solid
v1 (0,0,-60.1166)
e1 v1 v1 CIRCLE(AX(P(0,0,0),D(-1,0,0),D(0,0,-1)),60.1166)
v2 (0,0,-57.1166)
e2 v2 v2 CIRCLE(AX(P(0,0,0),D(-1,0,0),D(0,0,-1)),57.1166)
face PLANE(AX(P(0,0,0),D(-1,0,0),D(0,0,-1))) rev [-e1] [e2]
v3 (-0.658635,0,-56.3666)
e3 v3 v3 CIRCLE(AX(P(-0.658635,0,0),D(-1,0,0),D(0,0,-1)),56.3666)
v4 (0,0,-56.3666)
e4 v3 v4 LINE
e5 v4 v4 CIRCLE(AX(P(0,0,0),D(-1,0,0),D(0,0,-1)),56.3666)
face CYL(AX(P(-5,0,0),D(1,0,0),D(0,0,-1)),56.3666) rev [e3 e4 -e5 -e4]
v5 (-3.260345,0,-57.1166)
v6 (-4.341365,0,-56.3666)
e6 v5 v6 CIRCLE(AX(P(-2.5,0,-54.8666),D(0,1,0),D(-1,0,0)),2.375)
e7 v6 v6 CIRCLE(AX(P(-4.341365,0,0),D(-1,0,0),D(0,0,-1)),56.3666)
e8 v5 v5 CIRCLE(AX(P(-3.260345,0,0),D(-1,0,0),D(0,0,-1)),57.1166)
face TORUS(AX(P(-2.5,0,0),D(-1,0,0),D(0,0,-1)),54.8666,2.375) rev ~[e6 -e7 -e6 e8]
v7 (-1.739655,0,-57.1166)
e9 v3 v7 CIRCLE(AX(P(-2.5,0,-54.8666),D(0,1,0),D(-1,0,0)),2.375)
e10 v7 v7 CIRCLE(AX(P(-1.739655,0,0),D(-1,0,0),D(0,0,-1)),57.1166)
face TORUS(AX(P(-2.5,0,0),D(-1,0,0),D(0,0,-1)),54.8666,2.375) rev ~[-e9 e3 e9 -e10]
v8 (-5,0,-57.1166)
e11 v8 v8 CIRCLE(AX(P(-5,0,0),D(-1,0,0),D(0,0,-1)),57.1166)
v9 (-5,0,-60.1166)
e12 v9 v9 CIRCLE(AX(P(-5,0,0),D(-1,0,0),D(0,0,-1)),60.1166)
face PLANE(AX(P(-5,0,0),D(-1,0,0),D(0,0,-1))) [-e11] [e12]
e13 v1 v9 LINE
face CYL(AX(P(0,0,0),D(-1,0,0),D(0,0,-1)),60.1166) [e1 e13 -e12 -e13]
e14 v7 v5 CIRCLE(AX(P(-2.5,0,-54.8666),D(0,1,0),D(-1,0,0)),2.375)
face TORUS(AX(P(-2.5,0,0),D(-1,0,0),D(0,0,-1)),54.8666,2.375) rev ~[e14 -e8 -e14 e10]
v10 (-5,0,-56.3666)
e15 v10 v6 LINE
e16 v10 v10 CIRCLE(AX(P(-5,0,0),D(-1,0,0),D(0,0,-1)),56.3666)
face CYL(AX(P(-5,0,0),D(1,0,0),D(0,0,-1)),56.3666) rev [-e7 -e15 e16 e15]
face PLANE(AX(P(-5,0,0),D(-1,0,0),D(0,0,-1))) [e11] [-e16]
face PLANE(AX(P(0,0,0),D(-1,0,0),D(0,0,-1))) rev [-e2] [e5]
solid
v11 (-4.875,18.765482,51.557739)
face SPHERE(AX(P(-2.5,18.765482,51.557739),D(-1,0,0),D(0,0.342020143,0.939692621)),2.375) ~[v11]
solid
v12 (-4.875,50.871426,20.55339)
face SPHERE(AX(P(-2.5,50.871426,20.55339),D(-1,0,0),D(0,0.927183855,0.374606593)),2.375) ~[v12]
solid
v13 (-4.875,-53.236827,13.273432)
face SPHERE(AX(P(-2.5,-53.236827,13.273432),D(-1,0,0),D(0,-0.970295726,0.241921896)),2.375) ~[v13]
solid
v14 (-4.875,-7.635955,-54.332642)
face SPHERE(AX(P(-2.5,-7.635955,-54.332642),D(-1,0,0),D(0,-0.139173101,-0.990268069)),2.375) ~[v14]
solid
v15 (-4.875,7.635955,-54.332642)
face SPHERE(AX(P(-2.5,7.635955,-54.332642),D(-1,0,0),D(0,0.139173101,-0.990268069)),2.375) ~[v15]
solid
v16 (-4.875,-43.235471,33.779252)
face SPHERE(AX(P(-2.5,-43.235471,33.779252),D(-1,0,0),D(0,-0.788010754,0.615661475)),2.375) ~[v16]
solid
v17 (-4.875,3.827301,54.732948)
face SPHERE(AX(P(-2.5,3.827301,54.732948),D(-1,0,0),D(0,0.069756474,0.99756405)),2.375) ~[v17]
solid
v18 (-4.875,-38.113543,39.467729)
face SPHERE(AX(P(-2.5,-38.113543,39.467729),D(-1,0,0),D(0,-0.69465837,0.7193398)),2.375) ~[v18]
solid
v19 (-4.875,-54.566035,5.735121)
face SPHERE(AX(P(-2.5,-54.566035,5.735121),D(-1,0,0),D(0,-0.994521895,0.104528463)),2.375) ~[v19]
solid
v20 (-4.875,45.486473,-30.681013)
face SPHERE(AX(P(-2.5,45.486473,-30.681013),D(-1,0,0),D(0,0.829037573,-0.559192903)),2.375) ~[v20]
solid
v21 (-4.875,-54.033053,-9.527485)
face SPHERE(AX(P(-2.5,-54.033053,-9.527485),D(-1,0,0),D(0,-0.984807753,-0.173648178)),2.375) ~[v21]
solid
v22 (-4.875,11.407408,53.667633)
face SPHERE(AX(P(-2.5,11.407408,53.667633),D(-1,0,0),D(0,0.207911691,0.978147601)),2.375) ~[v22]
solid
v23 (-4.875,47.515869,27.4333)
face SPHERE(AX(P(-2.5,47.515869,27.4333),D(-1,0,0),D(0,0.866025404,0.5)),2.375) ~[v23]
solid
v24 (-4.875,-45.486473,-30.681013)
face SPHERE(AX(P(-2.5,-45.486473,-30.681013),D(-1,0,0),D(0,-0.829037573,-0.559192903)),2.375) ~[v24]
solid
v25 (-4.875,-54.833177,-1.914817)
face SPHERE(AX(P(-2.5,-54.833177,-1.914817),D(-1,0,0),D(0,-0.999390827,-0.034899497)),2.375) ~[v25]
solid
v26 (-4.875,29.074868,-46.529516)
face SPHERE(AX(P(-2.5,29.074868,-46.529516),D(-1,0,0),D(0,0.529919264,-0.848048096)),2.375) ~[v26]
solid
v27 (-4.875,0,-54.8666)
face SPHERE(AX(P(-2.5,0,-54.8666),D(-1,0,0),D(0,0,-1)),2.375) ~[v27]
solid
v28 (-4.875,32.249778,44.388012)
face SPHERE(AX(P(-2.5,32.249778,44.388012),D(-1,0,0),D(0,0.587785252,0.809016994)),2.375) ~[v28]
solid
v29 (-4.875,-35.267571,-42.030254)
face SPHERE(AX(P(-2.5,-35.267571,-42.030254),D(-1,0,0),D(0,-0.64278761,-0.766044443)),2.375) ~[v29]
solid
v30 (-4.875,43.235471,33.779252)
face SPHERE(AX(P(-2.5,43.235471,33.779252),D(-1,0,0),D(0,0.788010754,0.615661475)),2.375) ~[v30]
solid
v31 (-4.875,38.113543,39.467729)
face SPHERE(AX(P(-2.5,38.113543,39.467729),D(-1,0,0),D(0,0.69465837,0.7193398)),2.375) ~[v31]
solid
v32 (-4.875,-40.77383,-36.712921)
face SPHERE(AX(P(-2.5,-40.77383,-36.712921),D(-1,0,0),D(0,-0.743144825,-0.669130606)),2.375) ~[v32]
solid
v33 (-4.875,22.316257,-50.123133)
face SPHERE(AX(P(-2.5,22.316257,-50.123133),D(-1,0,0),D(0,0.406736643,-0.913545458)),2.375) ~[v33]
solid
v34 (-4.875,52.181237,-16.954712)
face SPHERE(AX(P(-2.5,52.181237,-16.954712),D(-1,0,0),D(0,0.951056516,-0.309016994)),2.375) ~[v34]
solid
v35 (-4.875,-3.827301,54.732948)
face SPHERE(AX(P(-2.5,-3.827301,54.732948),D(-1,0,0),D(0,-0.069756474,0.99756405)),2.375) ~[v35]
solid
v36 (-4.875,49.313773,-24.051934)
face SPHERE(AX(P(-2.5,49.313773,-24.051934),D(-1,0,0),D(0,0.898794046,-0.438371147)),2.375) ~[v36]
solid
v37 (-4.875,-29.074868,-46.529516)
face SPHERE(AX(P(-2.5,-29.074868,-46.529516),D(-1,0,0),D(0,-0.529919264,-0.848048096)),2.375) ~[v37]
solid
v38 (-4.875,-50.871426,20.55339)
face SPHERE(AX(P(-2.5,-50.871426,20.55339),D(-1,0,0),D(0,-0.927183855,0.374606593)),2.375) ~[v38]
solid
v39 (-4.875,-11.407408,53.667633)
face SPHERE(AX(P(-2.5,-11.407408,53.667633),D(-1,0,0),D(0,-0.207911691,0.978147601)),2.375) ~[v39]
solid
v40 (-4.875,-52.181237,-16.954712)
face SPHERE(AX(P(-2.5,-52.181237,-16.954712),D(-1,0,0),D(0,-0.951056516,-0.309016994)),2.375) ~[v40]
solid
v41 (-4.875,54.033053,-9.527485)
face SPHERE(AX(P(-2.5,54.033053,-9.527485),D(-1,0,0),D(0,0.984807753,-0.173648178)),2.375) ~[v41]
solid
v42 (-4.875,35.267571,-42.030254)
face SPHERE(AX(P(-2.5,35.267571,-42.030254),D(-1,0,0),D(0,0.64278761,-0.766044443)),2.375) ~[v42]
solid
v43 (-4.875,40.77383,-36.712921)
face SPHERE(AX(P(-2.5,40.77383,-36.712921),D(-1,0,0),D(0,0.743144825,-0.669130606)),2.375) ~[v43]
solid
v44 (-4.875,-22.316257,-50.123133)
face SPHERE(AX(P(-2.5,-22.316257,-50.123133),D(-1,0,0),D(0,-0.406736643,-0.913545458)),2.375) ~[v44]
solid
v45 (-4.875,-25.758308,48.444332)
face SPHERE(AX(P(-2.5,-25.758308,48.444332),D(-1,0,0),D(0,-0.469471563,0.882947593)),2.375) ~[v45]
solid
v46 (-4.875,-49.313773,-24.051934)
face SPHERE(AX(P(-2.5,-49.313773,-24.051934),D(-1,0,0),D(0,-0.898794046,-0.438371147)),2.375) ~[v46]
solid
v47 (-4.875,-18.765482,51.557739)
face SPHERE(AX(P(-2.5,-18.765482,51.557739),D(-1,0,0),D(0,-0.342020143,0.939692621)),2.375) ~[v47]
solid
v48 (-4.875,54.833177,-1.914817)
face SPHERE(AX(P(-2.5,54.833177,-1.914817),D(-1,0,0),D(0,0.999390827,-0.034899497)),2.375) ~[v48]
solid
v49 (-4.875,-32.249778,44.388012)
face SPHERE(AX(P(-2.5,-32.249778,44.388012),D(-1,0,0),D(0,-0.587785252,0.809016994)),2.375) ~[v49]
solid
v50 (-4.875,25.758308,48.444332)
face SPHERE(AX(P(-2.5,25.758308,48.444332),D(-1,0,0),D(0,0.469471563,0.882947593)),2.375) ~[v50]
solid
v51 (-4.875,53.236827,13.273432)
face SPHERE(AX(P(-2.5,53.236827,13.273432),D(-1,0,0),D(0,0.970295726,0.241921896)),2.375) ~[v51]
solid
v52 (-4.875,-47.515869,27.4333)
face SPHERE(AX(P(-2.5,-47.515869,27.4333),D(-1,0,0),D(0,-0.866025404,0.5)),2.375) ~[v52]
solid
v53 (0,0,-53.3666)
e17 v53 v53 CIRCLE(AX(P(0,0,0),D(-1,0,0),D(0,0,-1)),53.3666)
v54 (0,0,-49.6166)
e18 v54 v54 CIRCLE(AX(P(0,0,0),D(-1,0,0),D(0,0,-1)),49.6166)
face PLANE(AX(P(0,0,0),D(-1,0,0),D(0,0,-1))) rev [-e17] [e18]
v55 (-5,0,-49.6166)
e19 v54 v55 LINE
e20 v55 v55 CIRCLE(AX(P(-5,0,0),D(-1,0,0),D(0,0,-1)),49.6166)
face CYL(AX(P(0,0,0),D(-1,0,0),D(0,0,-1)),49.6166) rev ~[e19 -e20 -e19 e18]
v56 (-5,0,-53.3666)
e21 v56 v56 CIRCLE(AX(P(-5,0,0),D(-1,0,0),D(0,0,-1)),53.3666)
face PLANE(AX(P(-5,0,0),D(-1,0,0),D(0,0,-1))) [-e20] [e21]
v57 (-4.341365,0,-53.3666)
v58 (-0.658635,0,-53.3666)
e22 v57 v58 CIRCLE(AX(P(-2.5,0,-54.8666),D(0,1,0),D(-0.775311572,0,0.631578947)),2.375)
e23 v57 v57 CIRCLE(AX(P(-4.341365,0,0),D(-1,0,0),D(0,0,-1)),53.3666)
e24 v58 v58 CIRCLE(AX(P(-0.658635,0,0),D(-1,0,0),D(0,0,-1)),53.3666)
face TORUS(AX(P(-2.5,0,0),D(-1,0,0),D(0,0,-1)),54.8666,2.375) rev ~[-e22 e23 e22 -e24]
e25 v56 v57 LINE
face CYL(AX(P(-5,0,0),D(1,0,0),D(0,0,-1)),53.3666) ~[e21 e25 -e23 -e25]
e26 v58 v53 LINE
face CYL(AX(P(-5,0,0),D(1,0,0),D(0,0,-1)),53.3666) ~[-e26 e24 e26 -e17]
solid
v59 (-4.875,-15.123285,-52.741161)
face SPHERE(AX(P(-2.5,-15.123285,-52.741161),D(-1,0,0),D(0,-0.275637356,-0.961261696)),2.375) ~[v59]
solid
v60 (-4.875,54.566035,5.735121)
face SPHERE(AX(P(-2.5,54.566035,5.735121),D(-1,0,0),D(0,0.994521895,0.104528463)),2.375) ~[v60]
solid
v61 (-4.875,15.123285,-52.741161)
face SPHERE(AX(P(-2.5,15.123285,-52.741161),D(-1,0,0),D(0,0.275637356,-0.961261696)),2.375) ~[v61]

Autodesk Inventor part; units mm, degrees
ref_plane "YZ Plane" through (0, 0, 0) normal (1, 0, 0) x (0, 1, 0)
ref_plane "XZ Plane" through (0, 0, 0) normal (0, 1, 0) x (-1, 0, 0)
ref_plane "XY Plane" through (0, 0, 0) normal (0, 0, 1) x (1, 0, 0)
sketch "Sketch1" plane through (0, 0, 0) normal (0, 1, 0) x (-1, 0, 0)
  line L0 (0, 0) -> (12.958, 0) construction
  line L1 (0, 0) -> (0, -49.6166) construction
  line L2 (0, -49.6166) -> (5, -49.6166)
  line L3 (5, -49.6166) -> (0, -49.6166)
  line L4 (0, -49.6166) -> (0, -52.6166)
  line L5 (5, -52.6166) -> (5, -49.6166)
  circle A0 centre (2.5, -54.8666) radius 2.375
  line L6 (0, -57.1166) -> (0, -60.1166)
  line L7 (0, -60.1166) -> (5, -60.1166)
  line L8 (5, -60.1166) -> (5, -57.1166)
  line L9 (5, -52.6166) -> (0, -52.6166)
  line L10 (5, -57.1166) -> (0, -57.1166)
  line L11 (0, -52.6166) -> (5, -52.6166)
  line L12 (5, -52.6166) -> (5, -53.3666)
  line L13 (5, -53.3666) -> (0, -53.3666)
  line L14 (0, -53.3666) -> (0, -52.6166)
  line L15 (0, -57.1166) -> (5, -57.1166)
  line L16 (5, -57.1166) -> (5, -56.3666)
  line L17 (5, -56.3666) -> (0, -56.3666)
  line L18 (0, -56.3666) -> (0, -57.1166)
  line L19 (4.875, -54.8666) -> (0.125, -54.8666)
  point P0 (4.3414, -56.3666)
  point P1 (0.6586, -56.3666)
  point P2 (0.6586, -53.3666)
  point P3 (4.3414, -53.3666)
  point P4 (1.7397, -57.1166)
  point P5 (3.2603, -57.1166)
  point P6 (1.7397, -52.6166)
  point P7 (3.2603, -52.6166)
  point P8 (4.3414, -53.3666)
  point P9 (0.6586, -53.3666)
  point P10 (4.3414, -56.3666)
  point P11 (0.6586, -56.3666)
  dimension "d0" = 5
  dimension "d2" = 4.75
  dimension "d4" = 49.6166
  dimension "d5" = 3
  dimension "d7" = 5
  dimension "d12" = 3
  dimension "d13" = 2.25
  dimension "d14" = 2.25
  dimension "d15" = 0.75
  dimension "d16" = 0.75
revolve "Revolution1" add sketch "Sketch1" angle 360 about axis through (0, 0, 0) along (-1, 0, 0) contours L2 L5 L9 A0 L4 | L9 A0 L13 L14 | L12 L13 A0 L9
revolve "Revolution2" add sketch "Sketch1" angle 360 about axis through (0, 0, 0) along (-1, 0, 0) separate body contours A0 L10 L18 L17 | L17 L16 L10 A0 | A0 L10 L8 L7 L6
revolve "Revolution3" add sketch "Sketch1" angle 360 about axis through (-4.875, 0, -54.8666) along (1, 0, 0) separate body contours L19 A0 L17 | L17 A0 L10 | L10 A0
pattern_circular "Circular Pattern1" count 45 over 360 about axis through (-2.5, 0, 0) along (-1, 0, 0) of "Revolution3" bodies 3
properties part number "Large bearing_3DPrint"
